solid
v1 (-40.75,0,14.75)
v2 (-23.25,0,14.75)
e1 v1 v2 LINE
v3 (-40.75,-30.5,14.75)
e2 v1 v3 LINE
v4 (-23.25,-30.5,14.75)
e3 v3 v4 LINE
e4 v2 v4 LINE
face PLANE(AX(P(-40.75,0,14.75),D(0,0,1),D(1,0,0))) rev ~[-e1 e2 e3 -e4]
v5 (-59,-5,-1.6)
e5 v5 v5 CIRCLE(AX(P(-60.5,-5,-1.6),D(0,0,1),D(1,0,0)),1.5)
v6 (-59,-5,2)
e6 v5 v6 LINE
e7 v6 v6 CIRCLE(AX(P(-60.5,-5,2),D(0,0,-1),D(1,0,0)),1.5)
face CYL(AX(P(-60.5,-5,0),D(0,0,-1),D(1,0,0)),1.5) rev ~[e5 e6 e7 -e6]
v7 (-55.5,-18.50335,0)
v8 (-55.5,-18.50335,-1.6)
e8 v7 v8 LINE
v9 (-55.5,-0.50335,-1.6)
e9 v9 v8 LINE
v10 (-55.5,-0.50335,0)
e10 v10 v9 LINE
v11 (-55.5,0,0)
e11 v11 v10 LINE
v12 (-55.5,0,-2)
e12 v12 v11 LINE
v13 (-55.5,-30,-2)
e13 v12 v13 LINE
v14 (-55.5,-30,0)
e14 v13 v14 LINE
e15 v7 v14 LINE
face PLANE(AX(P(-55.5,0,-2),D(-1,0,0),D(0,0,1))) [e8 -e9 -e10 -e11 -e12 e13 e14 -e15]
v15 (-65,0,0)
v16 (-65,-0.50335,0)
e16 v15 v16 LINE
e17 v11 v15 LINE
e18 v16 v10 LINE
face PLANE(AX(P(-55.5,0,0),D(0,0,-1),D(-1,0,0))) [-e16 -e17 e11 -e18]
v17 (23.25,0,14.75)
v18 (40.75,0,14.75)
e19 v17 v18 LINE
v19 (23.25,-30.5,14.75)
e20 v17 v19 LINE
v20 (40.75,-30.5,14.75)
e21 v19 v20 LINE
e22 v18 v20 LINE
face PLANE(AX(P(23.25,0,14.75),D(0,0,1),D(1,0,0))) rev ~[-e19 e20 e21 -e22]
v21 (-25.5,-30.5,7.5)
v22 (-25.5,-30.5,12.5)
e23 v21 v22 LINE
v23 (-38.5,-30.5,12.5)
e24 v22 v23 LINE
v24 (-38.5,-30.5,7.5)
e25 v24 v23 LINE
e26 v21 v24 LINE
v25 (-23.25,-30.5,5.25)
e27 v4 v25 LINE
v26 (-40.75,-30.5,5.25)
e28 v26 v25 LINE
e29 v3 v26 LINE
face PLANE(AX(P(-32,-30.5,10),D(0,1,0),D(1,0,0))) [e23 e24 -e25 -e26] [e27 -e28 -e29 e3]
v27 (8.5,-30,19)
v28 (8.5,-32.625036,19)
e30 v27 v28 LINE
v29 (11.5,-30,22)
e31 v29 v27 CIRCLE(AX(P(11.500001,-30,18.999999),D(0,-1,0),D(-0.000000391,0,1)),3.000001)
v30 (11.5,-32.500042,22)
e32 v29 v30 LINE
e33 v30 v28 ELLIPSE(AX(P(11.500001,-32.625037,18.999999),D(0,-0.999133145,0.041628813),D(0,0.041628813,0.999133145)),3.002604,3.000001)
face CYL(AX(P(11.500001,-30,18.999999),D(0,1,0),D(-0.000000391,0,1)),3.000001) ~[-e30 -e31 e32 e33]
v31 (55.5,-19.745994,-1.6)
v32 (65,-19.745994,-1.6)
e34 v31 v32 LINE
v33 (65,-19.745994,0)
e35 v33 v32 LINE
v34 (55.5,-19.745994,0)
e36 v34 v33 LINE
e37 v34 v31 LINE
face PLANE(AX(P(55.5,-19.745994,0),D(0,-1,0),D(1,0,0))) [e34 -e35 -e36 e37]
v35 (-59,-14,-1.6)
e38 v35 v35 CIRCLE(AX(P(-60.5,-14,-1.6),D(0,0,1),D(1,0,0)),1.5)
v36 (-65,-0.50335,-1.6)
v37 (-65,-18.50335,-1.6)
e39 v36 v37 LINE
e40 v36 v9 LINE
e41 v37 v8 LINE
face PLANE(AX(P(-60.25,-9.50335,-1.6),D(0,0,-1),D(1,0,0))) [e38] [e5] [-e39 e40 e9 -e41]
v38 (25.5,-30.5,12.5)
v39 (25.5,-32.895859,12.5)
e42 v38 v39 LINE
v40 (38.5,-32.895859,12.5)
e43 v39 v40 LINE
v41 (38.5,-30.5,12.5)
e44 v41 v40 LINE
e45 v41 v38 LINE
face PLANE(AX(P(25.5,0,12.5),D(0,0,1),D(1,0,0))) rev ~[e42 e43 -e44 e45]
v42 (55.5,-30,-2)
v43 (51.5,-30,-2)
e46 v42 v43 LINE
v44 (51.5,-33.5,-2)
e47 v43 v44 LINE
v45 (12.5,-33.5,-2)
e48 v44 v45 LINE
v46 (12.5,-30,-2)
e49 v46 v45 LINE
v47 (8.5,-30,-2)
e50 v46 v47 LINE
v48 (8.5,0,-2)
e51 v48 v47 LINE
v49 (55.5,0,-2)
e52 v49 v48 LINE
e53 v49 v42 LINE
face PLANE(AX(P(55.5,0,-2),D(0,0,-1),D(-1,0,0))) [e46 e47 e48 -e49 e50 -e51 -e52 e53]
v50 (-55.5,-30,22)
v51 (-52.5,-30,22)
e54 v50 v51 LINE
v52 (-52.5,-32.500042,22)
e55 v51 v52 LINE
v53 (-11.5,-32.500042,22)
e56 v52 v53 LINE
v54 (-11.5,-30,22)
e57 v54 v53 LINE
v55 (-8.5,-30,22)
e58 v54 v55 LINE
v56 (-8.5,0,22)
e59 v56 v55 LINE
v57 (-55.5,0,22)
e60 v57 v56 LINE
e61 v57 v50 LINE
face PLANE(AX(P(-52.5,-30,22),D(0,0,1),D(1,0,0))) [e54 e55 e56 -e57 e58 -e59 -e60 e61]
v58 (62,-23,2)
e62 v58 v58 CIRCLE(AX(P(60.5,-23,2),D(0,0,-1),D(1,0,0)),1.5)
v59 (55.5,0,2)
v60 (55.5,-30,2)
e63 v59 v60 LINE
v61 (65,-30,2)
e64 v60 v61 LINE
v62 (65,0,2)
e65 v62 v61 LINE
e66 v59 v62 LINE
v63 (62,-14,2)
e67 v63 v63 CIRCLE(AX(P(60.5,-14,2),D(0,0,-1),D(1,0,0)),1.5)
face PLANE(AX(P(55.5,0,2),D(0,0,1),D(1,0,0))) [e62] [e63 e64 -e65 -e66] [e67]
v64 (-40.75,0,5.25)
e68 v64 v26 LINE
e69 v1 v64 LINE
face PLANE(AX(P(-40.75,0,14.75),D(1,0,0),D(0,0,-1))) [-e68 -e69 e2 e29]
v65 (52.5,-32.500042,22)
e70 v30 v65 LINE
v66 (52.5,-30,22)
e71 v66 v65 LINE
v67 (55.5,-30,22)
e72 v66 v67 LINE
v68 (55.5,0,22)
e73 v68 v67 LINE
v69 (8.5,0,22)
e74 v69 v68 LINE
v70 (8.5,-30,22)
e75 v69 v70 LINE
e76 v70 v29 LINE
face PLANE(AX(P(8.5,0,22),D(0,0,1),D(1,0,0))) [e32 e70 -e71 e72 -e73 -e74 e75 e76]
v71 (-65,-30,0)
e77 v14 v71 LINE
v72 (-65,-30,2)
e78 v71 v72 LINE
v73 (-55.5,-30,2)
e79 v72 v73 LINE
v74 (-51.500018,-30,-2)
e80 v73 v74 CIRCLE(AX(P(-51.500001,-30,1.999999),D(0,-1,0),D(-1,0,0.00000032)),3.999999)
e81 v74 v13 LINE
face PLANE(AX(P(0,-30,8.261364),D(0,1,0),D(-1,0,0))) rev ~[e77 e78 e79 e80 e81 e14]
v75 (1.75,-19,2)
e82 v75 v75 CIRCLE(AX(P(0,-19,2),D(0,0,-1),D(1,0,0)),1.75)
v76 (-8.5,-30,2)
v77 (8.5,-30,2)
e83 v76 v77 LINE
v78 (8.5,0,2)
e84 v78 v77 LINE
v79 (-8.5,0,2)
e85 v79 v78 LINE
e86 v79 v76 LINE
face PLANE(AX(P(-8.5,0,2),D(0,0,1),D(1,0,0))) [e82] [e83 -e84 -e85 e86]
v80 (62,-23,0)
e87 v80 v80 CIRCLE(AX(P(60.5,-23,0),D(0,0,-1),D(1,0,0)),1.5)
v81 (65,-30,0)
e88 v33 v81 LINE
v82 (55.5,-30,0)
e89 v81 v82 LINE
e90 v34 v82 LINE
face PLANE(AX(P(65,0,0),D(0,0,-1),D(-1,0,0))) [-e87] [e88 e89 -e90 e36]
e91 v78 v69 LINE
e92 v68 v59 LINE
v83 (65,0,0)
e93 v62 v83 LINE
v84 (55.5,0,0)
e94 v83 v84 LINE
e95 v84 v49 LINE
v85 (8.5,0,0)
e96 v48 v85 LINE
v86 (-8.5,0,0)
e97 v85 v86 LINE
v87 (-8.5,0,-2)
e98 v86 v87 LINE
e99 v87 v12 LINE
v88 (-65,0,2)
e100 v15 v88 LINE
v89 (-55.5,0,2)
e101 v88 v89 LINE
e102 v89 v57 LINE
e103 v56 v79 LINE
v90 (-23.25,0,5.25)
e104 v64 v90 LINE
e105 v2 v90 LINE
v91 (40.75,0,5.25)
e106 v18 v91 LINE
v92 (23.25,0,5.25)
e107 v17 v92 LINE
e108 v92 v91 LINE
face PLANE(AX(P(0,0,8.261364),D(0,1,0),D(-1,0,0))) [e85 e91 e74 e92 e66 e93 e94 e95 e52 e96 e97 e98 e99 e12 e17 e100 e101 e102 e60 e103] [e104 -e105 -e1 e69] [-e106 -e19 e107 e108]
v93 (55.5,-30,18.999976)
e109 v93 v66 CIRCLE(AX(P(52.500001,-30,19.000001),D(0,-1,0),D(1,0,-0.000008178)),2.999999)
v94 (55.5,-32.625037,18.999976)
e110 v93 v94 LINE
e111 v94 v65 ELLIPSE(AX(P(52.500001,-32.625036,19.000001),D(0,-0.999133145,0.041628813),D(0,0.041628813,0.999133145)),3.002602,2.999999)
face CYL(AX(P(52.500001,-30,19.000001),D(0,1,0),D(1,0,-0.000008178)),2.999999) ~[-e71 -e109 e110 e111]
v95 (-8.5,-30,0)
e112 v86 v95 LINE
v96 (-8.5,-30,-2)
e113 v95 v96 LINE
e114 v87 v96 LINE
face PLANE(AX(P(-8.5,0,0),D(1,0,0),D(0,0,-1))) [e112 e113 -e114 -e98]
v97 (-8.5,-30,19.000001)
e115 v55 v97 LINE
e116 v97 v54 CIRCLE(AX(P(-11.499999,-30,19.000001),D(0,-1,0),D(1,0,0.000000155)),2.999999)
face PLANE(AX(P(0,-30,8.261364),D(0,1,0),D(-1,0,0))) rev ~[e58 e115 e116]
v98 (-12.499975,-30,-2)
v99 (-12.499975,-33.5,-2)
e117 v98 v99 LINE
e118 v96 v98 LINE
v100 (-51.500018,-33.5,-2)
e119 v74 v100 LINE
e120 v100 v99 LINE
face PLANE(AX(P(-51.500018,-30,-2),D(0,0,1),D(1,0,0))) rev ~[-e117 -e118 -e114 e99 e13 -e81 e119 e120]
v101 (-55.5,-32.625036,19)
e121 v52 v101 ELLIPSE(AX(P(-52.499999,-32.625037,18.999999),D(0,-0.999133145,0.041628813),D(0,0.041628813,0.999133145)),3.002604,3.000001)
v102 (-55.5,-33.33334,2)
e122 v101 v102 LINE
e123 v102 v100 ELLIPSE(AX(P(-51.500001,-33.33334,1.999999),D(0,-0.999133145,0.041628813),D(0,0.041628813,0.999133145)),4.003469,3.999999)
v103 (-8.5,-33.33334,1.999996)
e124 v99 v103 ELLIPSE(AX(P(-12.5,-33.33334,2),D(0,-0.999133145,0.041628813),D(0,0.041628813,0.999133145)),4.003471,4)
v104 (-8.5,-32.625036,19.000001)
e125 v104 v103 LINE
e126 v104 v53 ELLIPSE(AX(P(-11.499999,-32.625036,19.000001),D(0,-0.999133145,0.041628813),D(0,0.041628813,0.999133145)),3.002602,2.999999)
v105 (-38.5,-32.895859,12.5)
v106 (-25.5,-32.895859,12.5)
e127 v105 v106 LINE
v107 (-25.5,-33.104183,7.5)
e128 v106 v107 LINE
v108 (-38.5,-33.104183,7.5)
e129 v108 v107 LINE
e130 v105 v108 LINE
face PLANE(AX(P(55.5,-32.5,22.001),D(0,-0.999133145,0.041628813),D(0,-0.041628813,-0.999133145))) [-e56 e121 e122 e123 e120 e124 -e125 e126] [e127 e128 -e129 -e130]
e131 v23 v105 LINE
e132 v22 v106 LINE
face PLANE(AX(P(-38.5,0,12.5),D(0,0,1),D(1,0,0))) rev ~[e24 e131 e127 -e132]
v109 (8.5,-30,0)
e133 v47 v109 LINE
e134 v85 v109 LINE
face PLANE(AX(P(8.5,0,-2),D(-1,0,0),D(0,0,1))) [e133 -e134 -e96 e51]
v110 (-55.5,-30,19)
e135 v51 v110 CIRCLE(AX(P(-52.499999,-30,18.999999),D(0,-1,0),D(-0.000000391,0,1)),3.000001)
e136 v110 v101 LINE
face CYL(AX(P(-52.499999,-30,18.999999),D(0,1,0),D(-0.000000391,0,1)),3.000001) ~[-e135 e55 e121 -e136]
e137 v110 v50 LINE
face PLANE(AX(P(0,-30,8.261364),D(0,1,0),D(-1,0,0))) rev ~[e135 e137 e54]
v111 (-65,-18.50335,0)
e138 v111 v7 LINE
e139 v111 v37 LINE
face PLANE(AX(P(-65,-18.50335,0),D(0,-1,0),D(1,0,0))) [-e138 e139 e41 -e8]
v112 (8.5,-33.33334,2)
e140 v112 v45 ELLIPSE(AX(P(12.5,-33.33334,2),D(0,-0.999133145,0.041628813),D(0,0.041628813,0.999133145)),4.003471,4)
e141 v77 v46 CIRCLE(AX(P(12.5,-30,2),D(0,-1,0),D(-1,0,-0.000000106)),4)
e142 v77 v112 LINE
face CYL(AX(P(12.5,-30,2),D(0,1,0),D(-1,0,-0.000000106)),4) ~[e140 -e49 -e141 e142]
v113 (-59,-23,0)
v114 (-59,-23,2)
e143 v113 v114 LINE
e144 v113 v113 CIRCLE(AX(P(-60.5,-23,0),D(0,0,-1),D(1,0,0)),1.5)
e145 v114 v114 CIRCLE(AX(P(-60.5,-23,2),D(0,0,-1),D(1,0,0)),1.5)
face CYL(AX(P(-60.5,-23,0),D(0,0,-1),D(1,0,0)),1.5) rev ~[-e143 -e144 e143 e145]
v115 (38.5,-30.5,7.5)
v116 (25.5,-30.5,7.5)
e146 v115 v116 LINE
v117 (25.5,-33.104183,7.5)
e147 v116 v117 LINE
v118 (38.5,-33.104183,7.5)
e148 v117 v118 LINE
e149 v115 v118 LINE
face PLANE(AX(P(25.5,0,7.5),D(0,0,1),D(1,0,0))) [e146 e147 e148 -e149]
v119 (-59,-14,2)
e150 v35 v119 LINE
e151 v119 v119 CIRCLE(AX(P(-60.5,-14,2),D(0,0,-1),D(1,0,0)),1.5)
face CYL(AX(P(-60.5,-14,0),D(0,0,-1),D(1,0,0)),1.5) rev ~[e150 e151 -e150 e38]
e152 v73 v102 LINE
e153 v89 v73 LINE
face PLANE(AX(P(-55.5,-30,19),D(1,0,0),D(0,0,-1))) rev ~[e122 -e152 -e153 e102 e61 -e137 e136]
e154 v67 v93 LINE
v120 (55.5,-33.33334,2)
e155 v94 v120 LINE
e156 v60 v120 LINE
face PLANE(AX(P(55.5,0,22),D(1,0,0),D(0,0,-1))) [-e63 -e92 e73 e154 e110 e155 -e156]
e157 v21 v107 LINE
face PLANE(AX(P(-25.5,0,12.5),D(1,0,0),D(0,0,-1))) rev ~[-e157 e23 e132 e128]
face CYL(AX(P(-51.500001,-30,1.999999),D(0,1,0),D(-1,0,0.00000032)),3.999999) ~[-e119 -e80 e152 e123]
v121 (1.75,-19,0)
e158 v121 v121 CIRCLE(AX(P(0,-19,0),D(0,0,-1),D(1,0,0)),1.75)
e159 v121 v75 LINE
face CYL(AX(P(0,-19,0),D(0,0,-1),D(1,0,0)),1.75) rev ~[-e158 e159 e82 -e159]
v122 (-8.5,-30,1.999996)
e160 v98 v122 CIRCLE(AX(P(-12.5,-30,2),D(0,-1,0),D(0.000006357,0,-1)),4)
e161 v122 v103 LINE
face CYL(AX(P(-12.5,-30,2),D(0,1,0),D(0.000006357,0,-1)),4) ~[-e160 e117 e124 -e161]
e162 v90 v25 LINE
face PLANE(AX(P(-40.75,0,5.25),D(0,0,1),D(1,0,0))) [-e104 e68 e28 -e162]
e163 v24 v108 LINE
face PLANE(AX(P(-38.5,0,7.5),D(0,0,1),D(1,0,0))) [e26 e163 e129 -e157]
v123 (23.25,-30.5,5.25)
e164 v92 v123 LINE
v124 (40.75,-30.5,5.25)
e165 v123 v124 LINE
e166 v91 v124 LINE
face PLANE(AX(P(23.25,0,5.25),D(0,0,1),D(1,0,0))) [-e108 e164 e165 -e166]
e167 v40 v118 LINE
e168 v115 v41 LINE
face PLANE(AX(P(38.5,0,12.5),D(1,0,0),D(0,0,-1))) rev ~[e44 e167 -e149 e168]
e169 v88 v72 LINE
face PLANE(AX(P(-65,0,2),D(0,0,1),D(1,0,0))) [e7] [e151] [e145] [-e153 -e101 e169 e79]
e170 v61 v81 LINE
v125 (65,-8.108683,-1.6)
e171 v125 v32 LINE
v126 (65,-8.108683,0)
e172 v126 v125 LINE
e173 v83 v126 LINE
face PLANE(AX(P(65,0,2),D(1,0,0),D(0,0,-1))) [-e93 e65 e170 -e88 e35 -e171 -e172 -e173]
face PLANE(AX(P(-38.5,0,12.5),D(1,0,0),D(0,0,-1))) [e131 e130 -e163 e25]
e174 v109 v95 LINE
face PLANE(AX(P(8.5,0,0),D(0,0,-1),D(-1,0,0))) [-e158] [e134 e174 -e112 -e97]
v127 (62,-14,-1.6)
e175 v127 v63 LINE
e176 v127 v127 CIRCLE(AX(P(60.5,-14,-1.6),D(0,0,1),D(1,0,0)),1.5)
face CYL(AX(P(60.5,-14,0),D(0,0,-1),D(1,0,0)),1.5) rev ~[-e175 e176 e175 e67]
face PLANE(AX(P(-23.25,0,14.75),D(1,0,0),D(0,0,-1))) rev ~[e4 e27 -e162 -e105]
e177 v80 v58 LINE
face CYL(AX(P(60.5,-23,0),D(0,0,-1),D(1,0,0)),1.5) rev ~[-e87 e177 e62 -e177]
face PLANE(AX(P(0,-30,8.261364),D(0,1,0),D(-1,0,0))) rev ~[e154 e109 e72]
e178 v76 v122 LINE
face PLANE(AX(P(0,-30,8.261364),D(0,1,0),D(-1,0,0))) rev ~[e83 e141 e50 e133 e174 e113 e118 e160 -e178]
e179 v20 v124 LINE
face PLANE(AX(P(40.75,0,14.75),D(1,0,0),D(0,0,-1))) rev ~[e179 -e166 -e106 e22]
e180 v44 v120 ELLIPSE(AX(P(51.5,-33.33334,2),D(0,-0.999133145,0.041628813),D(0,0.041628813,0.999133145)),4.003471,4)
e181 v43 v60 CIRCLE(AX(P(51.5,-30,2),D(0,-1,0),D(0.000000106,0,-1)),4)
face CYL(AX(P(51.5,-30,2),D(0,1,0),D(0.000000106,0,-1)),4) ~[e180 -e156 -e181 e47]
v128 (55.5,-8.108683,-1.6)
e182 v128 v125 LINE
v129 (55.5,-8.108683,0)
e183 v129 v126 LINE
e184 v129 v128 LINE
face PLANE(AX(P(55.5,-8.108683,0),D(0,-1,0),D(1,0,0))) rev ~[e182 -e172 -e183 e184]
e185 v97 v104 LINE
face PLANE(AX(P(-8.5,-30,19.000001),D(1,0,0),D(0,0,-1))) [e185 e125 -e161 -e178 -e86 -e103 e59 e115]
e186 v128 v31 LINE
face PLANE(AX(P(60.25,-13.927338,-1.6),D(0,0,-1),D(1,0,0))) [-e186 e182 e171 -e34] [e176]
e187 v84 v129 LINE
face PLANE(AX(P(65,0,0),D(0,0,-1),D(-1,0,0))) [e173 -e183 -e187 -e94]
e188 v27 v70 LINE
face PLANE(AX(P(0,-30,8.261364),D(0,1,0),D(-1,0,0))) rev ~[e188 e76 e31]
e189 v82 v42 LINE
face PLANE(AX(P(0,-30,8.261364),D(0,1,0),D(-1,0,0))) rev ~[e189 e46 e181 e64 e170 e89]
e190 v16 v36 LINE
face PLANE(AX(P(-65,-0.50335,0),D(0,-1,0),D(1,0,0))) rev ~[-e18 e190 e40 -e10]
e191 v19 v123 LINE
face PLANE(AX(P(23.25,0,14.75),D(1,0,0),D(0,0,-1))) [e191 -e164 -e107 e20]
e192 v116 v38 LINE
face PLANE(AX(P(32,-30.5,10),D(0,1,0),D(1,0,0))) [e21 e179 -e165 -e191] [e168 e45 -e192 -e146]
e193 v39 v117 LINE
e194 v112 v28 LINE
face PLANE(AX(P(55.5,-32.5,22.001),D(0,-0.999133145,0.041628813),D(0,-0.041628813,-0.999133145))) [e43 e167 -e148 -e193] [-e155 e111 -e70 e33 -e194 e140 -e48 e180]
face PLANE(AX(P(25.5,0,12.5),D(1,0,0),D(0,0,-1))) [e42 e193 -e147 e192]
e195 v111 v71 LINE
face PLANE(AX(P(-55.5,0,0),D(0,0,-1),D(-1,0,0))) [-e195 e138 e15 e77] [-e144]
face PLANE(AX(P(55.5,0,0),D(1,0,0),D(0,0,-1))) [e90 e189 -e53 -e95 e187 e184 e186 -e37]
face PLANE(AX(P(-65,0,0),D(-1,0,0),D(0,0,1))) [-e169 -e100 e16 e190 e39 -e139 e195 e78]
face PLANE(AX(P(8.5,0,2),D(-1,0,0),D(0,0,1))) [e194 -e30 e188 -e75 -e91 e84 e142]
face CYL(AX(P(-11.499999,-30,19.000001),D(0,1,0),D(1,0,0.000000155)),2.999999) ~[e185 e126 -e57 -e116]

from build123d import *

# Parameters (mm, degrees)
PAD_DEPTH            = 30
PAD001_DEPTH         = 3.5
SKETCH002_W          = 13
SKETCH002_H          = 5
POCKET_DEPTH         = 33.501
SKETCH003_W          = 17.5
SKETCH003_H          = 9.5
POCKET001_DEPTH      = 30.5
POCKET002_DEPTH      = 120.501
POCKET002_DEPTH_BACK = -9.501
SKETCH008_W          = 9.5
SKETCH008_H          = 18
SKETCH008_H_2        = 11.637311
PAD002_DEPTH         = 1.6
SKETCH009_R          = 1.75
SKETCH009_R_2        = 1.5
POCKET003_DEPTH      = 22.001
POCKET003_DEPTH_BACK = -2.001


with BuildPart() as part:
    # Sketch → Pad (new body)
    with BuildSketch(Plane.XZ):
        Polygon((-55.5, 22), (-8.5, 22), (-8.5, 2), (8.5, 2), (8.5, 22), (55.5, 22), (55.5, 2), (65, 2), (65, 0), (55.5, 0), (55.5, -2), (8.5, -2), (8.5, 0), (-8.5, 0), (-8.5, -2), (-55.5, -2), (-55.5, 0), (-65, 0), (-65, 2), (-55.5, 2), align=None)
    extrude(amount=PAD_DEPTH)

    # Sketch001 → Pad001 (new body)
    with BuildSketch(Plane.XZ.offset(30)):
        with BuildLine():
            ThreePointArc((-52.5, 22), (-54.62132, 21.12132), (-55.5, 19))
            Line((-55.5, 19), (-55.5, 2))
            ThreePointArc((-55.5, 2), (-54.328434, -0.828421), (-51.500018, -2))
            Line((-51.500018, -2), (-12.499975, -2))
            ThreePointArc((-12.499975, -2), (-9.671566, -0.82842), (-8.5, 1.999996))
            Line((-8.5, 19.000001), (-8.5, 1.999996))
            ThreePointArc((-8.5, 19.000001), (-9.37868, 21.121321), (-11.5, 22))
            Line((-52.5, 22), (-11.5, 22))
        make_face()
        with BuildLine():
            ThreePointArc((11.5, 22), (9.37868, 21.12132), (8.5, 19))
            Line((8.5, 2), (8.5, 19))
            ThreePointArc((8.5, 2), (9.671573, -0.828427), (12.5, -2))
            Line((51.5, -2), (12.5, -2))
            ThreePointArc((51.5, -2), (54.328427, -0.828427), (55.5, 2))
            Line((55.5, 18.999976), (55.5, 2))
            ThreePointArc((55.5, 18.999976), (54.621329, 21.121312), (52.5, 22))
            Line((11.5, 22), (52.5, 22))
        make_face()
    extrude(amount=PAD001_DEPTH)

    # Sketch002 → Pocket (cut, through all)
    with BuildSketch(Plane(origin=(0, 0, 0), x_dir=(1, 0, 0), z_dir=(0, 1, 0))):
        with Locations((-32, -10)):
            Rectangle(SKETCH002_W, SKETCH002_H)
        with Locations((32, -10)):
            Rectangle(SKETCH002_W, SKETCH002_H)
    extrude(amount=-POCKET_DEPTH, mode=Mode.SUBTRACT)

    # Sketch003 → Pocket001 (cut)
    with BuildSketch(Plane(origin=(0, 0, 0), x_dir=(1, 0, 0), z_dir=(0, 1, 0))):
        with Locations((-32, -10)):
            Rectangle(SKETCH003_W, SKETCH003_H)
        with Locations((32, -10)):
            Rectangle(SKETCH003_W, SKETCH003_H)
    extrude(amount=-POCKET001_DEPTH, mode=Mode.SUBTRACT)

    # Sketch007 → Pocket002 (cut, two sides)
    with BuildSketch(Plane(origin=(55.5, 0, 0), x_dir=(0, 0, 1), z_dir=(1, 0, 0))) as pocket002_sk:
        Polygon((-2, 33.5), (22.001, 33.5), (22.001, 32.5), align=None)
    extrude(amount=-POCKET002_DEPTH, mode=Mode.SUBTRACT)
    extrude(pocket002_sk.sketch, amount=-POCKET002_DEPTH_BACK, mode=Mode.SUBTRACT)

    # Sketch008 → Pad002 (new body)
    with BuildSketch(Plane(origin=(0, 0, 0), x_dir=(1, 0, 0), z_dir=(0, 0, -1))):
        with Locations((-60.25, 9.50335)):
            Rectangle(SKETCH008_W, SKETCH008_H)
        with Locations((60.25, 13.927338)):
            Rectangle(SKETCH008_W, SKETCH008_H_2)
    extrude(amount=PAD002_DEPTH)

    # Sketch009 → Pocket003 (cut, two sides)
    with BuildSketch(Plane(origin=(0, 0, 0), x_dir=(1, 0, 0), z_dir=(0, 0, -1))) as pocket003_sk:
        with Locations((0, 19)):
            Circle(SKETCH009_R)
        with Locations((-60.5, 23)):
            Circle(SKETCH009_R_2)
        with Locations((-60.5, 14)):
            Circle(SKETCH009_R_2)
        with Locations((60.5, 23)):
            Circle(SKETCH009_R_2)
        with Locations((60.5, 14)):
            Circle(SKETCH009_R_2)
        with Locations((-60.5, 5)):
            Circle(SKETCH009_R_2)
    extrude(amount=-POCKET003_DEPTH, mode=Mode.SUBTRACT)
    extrude(pocket003_sk.sketch, amount=-POCKET003_DEPTH_BACK, mode=Mode.SUBTRACT)


solid = part.part
